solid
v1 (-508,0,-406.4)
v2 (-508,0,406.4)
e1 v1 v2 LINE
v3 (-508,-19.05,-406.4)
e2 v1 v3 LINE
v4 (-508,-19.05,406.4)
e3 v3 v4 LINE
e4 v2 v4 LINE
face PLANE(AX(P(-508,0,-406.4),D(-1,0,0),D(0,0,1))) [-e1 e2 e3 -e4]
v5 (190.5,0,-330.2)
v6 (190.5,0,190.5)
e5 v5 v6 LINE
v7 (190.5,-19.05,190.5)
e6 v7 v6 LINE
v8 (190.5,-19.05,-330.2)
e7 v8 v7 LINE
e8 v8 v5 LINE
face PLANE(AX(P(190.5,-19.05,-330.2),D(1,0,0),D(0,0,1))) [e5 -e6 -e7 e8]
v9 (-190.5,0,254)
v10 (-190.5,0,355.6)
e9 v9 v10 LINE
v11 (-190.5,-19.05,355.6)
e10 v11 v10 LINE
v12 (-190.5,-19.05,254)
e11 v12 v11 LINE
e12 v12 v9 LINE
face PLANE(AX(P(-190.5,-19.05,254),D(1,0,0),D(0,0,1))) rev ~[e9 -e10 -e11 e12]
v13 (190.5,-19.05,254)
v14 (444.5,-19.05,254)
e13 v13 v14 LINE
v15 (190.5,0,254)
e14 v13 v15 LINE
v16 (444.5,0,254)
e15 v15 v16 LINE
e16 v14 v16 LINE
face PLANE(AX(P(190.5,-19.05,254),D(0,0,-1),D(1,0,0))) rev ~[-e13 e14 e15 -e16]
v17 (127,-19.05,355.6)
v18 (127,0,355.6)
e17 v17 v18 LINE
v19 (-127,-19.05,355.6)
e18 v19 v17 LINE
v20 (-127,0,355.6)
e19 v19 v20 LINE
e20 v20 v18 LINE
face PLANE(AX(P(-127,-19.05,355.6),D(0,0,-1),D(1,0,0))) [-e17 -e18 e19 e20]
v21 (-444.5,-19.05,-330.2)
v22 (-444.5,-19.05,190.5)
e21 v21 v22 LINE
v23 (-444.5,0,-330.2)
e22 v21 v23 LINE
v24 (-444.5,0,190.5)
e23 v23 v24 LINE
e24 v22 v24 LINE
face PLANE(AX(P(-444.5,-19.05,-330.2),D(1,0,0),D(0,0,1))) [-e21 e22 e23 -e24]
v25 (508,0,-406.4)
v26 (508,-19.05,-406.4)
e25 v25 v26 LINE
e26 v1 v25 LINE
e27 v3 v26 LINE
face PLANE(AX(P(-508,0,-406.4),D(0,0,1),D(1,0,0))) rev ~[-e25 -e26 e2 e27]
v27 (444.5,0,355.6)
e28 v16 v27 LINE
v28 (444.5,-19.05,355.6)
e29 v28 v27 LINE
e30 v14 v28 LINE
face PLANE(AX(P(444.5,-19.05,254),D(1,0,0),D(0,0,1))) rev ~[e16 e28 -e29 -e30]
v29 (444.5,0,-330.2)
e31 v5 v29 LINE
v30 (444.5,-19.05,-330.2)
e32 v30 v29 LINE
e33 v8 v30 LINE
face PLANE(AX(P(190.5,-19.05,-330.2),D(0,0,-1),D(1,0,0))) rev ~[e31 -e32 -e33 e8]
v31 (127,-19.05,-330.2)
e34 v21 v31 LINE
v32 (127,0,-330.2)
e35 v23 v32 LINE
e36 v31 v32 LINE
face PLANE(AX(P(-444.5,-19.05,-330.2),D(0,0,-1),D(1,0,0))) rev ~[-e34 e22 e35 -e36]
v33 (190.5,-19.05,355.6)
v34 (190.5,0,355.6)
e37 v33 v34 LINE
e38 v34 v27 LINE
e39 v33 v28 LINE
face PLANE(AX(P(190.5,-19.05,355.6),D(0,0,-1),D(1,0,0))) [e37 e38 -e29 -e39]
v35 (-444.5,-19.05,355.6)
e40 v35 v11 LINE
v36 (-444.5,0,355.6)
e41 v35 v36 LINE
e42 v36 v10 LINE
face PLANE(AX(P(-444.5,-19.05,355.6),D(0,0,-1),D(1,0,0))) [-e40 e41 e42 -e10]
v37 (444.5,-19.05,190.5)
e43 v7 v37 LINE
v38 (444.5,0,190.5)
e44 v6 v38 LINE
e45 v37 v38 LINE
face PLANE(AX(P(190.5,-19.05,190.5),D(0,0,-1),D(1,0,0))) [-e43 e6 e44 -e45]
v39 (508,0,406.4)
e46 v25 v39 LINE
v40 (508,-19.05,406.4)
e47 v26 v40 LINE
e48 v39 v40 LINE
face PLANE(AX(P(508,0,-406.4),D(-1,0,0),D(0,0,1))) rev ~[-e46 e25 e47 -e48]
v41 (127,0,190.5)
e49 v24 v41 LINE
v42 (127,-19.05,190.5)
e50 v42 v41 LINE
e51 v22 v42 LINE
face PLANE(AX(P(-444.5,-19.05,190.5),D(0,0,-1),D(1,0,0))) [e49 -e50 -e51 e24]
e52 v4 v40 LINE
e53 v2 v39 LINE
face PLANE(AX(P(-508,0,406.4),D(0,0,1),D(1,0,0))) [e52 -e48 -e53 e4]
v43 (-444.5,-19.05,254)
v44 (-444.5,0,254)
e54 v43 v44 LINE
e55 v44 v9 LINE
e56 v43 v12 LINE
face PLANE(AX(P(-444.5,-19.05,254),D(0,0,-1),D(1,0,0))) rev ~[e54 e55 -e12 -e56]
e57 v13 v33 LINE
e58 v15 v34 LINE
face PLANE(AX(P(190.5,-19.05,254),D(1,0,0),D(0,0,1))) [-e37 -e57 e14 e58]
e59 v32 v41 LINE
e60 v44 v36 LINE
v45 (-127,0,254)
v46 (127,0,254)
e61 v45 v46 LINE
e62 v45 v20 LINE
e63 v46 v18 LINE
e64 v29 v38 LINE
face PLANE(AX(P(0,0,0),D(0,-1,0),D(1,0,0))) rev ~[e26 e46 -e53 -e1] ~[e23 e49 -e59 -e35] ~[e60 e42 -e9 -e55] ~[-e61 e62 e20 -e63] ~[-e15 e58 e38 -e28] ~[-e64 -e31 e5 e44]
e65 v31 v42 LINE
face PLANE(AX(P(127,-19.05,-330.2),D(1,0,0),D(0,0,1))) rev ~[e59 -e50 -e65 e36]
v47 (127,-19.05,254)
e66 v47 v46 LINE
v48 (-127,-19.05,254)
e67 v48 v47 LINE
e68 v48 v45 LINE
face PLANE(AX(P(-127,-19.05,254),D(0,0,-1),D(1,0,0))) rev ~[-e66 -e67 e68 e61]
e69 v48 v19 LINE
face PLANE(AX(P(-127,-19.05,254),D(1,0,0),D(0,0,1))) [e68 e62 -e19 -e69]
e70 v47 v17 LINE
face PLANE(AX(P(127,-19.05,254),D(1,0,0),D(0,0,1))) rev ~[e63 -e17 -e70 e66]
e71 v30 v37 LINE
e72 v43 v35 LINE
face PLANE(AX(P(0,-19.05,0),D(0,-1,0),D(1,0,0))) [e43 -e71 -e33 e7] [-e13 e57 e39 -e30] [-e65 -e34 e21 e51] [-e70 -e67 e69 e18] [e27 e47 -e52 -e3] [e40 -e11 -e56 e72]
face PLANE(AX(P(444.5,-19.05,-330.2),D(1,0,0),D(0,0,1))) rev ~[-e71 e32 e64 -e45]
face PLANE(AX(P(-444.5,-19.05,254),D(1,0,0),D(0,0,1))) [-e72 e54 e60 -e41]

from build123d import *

# Parameters (mm, degrees)
F0_W     = 1016
F0_H     = 812.8
F1_DEPTH = 19.05
F2_W     = 254
F2_H     = 101.6
F2_W_2   = 571.5
F2_H_2   = 520.7
F3_DEPTH = 19.051


with BuildPart() as f1:
    # F0 (on Front) → F1 (new body)
    with BuildSketch(Plane.XZ):
        Rectangle(F0_W, F0_H)
    extrude(amount=F1_DEPTH)

    # F2 (on face) → F3 (cut, through all)
    with BuildSketch(Plane.XZ.offset(19.05)):
        with Locations((317.5, 304.8)):
            Rectangle(F2_W, F2_H)
        with Locations((0, 304.8)):
            Rectangle(F2_W, F2_H)
        with Locations((-317.5, 304.8)):
            Rectangle(F2_W, F2_H)
        with Locations((-158.75, -69.85)):
            Rectangle(F2_W_2, F2_H_2)
        with Locations((317.5, -69.85)):
            Rectangle(F2_W, F2_H_2)
    extrude(amount=-F3_DEPTH, mode=Mode.SUBTRACT)


solid = f1.part
